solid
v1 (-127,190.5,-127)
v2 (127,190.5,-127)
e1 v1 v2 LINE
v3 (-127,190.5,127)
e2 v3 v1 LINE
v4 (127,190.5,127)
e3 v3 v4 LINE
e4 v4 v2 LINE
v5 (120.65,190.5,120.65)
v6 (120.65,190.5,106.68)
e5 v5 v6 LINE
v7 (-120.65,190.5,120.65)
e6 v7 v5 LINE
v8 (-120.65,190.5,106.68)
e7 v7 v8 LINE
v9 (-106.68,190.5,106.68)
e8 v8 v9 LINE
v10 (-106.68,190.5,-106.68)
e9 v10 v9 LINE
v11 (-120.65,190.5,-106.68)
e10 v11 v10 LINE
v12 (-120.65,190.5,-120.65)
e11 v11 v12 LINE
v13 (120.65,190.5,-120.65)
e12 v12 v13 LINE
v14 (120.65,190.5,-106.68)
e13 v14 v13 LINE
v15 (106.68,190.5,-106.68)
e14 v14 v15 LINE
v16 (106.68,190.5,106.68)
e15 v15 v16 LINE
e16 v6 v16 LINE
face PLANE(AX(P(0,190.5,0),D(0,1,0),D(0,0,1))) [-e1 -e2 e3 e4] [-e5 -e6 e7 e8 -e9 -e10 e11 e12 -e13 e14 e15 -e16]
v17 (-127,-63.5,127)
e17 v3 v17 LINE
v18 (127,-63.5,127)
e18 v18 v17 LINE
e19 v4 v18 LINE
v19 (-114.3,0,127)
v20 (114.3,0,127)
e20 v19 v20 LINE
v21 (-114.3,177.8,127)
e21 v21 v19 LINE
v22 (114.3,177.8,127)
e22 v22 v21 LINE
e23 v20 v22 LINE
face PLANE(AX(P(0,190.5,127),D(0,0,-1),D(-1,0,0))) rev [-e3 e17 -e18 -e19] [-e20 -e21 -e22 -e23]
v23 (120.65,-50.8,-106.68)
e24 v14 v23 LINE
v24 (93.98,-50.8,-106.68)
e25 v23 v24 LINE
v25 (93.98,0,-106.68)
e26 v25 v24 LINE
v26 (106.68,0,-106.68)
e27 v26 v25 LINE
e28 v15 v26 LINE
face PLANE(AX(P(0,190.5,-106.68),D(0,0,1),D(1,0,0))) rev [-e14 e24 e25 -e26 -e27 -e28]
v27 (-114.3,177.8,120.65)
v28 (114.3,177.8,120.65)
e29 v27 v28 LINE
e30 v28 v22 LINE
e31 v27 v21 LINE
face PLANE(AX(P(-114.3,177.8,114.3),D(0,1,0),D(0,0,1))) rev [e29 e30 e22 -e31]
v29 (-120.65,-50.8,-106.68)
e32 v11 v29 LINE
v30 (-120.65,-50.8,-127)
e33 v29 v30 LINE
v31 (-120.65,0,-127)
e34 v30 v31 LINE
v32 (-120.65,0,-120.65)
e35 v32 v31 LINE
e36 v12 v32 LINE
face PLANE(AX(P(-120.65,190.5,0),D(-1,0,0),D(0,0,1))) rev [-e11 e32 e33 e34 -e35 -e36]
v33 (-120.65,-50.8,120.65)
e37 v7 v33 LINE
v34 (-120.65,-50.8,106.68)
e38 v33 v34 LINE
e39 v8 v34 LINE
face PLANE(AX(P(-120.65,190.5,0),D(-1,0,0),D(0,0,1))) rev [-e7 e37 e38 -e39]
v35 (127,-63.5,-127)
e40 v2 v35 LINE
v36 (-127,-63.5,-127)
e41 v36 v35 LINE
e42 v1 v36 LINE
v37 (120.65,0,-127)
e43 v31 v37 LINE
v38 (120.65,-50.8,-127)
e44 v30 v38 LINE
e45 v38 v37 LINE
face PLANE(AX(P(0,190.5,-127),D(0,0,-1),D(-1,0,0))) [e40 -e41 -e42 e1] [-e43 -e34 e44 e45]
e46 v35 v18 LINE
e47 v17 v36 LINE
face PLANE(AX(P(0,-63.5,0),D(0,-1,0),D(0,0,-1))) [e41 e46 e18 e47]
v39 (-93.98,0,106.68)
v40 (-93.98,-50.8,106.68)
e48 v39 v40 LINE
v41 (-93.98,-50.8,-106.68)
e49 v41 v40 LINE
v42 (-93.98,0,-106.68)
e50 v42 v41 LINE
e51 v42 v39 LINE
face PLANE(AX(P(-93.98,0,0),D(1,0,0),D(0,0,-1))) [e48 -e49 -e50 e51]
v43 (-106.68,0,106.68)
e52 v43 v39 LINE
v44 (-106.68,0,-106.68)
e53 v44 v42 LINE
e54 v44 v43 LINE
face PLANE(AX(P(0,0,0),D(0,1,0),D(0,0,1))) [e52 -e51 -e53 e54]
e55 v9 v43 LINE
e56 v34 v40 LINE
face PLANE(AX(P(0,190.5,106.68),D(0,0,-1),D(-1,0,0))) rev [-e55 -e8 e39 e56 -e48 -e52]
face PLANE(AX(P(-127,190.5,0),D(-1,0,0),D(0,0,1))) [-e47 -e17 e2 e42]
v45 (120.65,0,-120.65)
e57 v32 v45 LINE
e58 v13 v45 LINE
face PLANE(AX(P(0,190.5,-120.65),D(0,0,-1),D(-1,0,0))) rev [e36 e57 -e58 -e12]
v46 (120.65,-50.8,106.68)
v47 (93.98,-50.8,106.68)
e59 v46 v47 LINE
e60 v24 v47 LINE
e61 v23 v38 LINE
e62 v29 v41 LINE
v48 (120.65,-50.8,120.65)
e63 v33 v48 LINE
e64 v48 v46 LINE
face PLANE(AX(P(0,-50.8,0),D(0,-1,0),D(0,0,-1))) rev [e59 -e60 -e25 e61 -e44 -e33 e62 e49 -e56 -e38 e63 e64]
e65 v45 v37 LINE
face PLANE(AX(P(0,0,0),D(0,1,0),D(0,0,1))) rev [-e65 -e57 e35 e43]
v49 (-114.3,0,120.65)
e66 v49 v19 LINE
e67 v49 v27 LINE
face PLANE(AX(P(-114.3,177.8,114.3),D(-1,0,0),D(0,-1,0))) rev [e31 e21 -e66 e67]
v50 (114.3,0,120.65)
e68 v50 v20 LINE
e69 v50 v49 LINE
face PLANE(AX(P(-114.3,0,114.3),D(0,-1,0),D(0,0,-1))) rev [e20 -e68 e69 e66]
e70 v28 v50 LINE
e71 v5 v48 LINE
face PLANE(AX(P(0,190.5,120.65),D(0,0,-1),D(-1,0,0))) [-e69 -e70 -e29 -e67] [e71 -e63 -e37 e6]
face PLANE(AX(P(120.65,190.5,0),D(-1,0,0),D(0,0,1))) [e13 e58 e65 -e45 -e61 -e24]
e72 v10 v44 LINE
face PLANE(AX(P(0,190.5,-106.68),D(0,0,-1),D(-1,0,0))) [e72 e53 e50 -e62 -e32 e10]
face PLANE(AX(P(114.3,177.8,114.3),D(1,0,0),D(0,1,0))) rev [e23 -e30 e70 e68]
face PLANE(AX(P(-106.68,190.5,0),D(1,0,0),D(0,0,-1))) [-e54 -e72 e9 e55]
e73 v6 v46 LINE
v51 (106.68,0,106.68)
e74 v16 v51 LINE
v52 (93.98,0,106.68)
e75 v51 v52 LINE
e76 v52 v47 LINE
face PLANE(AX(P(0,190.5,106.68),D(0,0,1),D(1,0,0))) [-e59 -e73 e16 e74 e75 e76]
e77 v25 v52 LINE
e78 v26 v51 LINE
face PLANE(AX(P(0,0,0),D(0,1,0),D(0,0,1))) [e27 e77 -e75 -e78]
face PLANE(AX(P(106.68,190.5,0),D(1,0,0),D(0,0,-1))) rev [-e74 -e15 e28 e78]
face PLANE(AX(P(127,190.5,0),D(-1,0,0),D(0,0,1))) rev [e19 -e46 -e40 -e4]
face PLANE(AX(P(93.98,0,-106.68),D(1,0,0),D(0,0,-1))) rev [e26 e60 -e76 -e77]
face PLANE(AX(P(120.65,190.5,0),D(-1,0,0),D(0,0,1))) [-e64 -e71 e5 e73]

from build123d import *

# Parameters (mm, degrees)
SKETCH1_W           = 254
SKETCH1_H           = 254
BOSS_EXTRUDE1_DEPTH = 190.5
BOSS_EXTRUDE2_DEPTH = 50.8
SKETCH5_W           = 254
SKETCH5_H           = 254
BOSS_EXTRUDE3_DEPTH = 12.7
SKETCH6_W           = 228.6
SKETCH6_H           = 177.8
CUT_EXTRUDE1_DEPTH  = 12.7
SKETCH1_4_W         = 13.97
SKETCH1_4_H         = 213.36
BOSS_EXTRUDE5_DEPTH = 50.8
SKETCH8_W           = 12.7
SKETCH8_H           = 213.36
BOSS_EXTRUDE6_DEPTH = 50.8


with BuildPart() as part:
    # Sketch1 → Boss-Extrude1 (new body)
    with BuildSketch(Plane(origin=(0, 0, 0), x_dir=(1, 0, 0), z_dir=(0, 1, 0))):
        Rectangle(SKETCH1_W, SKETCH1_H)
        Polygon((120.65, -120.65), (-120.65, -120.65), (-120.65, -106.68), (-106.68, -106.68), (-106.68, 106.68), (-120.65, 106.68), (-120.65, 120.65), (120.65, 120.65), (120.65, 106.68), (106.68, 106.68), (106.68, -106.68), (120.65, -106.68), align=None, mode=Mode.SUBTRACT)
    extrude(amount=BOSS_EXTRUDE1_DEPTH)

    # Sketch4 → Boss-Extrude2 (add)
    with BuildSketch(Plane.XZ):
        Polygon((-127, 127), (-127, -127), (-120.65, -127), (-120.65, -120.65), (-120.65, -106.68), (-120.65, 106.68), (-120.65, 120.65), (120.65, 120.65), (120.65, 106.68), (120.65, -106.68), (120.65, -120.65), (120.65, -127), (127, -127), (127, 127), align=None)
    extrude(amount=BOSS_EXTRUDE2_DEPTH)

    # Sketch5 → Boss-Extrude3 (add)
    with BuildSketch(Plane.XZ.offset(50.8)):
        Rectangle(SKETCH5_W, SKETCH5_H)
    extrude(amount=BOSS_EXTRUDE3_DEPTH)

    # Sketch6 → Cut-Extrude1 (cut)
    with BuildSketch(Plane.XY.offset(127)):
        with Locations((0, 88.9)):
            Rectangle(SKETCH6_W, SKETCH6_H)
    extrude(amount=-CUT_EXTRUDE1_DEPTH, mode=Mode.SUBTRACT)

    # Sketch1<4> → Boss-Extrude5 (add)
    with BuildSketch(Plane(origin=(0, 0, 0), x_dir=(1, 0, 0), z_dir=(0, 1, 0))):
        with Locations((-113.665, 0)):
            Rectangle(SKETCH1_4_W, SKETCH1_4_H)
        with Locations((113.665, 0)):
            Rectangle(SKETCH1_4_W, SKETCH1_4_H)
    extrude(amount=-BOSS_EXTRUDE5_DEPTH)

    # Sketch8 → Boss-Extrude6 (add)
    with BuildSketch(Plane(origin=(0, -50.8, 0), x_dir=(1, 0, 0), z_dir=(0, 1, 0))):
        with Locations((-100.33, 0)):
            Rectangle(SKETCH8_W, SKETCH8_H)
        with Locations((100.33, 0)):
            Rectangle(SKETCH8_W, SKETCH8_H)
    extrude(amount=BOSS_EXTRUDE6_DEPTH)


solid = part.part
